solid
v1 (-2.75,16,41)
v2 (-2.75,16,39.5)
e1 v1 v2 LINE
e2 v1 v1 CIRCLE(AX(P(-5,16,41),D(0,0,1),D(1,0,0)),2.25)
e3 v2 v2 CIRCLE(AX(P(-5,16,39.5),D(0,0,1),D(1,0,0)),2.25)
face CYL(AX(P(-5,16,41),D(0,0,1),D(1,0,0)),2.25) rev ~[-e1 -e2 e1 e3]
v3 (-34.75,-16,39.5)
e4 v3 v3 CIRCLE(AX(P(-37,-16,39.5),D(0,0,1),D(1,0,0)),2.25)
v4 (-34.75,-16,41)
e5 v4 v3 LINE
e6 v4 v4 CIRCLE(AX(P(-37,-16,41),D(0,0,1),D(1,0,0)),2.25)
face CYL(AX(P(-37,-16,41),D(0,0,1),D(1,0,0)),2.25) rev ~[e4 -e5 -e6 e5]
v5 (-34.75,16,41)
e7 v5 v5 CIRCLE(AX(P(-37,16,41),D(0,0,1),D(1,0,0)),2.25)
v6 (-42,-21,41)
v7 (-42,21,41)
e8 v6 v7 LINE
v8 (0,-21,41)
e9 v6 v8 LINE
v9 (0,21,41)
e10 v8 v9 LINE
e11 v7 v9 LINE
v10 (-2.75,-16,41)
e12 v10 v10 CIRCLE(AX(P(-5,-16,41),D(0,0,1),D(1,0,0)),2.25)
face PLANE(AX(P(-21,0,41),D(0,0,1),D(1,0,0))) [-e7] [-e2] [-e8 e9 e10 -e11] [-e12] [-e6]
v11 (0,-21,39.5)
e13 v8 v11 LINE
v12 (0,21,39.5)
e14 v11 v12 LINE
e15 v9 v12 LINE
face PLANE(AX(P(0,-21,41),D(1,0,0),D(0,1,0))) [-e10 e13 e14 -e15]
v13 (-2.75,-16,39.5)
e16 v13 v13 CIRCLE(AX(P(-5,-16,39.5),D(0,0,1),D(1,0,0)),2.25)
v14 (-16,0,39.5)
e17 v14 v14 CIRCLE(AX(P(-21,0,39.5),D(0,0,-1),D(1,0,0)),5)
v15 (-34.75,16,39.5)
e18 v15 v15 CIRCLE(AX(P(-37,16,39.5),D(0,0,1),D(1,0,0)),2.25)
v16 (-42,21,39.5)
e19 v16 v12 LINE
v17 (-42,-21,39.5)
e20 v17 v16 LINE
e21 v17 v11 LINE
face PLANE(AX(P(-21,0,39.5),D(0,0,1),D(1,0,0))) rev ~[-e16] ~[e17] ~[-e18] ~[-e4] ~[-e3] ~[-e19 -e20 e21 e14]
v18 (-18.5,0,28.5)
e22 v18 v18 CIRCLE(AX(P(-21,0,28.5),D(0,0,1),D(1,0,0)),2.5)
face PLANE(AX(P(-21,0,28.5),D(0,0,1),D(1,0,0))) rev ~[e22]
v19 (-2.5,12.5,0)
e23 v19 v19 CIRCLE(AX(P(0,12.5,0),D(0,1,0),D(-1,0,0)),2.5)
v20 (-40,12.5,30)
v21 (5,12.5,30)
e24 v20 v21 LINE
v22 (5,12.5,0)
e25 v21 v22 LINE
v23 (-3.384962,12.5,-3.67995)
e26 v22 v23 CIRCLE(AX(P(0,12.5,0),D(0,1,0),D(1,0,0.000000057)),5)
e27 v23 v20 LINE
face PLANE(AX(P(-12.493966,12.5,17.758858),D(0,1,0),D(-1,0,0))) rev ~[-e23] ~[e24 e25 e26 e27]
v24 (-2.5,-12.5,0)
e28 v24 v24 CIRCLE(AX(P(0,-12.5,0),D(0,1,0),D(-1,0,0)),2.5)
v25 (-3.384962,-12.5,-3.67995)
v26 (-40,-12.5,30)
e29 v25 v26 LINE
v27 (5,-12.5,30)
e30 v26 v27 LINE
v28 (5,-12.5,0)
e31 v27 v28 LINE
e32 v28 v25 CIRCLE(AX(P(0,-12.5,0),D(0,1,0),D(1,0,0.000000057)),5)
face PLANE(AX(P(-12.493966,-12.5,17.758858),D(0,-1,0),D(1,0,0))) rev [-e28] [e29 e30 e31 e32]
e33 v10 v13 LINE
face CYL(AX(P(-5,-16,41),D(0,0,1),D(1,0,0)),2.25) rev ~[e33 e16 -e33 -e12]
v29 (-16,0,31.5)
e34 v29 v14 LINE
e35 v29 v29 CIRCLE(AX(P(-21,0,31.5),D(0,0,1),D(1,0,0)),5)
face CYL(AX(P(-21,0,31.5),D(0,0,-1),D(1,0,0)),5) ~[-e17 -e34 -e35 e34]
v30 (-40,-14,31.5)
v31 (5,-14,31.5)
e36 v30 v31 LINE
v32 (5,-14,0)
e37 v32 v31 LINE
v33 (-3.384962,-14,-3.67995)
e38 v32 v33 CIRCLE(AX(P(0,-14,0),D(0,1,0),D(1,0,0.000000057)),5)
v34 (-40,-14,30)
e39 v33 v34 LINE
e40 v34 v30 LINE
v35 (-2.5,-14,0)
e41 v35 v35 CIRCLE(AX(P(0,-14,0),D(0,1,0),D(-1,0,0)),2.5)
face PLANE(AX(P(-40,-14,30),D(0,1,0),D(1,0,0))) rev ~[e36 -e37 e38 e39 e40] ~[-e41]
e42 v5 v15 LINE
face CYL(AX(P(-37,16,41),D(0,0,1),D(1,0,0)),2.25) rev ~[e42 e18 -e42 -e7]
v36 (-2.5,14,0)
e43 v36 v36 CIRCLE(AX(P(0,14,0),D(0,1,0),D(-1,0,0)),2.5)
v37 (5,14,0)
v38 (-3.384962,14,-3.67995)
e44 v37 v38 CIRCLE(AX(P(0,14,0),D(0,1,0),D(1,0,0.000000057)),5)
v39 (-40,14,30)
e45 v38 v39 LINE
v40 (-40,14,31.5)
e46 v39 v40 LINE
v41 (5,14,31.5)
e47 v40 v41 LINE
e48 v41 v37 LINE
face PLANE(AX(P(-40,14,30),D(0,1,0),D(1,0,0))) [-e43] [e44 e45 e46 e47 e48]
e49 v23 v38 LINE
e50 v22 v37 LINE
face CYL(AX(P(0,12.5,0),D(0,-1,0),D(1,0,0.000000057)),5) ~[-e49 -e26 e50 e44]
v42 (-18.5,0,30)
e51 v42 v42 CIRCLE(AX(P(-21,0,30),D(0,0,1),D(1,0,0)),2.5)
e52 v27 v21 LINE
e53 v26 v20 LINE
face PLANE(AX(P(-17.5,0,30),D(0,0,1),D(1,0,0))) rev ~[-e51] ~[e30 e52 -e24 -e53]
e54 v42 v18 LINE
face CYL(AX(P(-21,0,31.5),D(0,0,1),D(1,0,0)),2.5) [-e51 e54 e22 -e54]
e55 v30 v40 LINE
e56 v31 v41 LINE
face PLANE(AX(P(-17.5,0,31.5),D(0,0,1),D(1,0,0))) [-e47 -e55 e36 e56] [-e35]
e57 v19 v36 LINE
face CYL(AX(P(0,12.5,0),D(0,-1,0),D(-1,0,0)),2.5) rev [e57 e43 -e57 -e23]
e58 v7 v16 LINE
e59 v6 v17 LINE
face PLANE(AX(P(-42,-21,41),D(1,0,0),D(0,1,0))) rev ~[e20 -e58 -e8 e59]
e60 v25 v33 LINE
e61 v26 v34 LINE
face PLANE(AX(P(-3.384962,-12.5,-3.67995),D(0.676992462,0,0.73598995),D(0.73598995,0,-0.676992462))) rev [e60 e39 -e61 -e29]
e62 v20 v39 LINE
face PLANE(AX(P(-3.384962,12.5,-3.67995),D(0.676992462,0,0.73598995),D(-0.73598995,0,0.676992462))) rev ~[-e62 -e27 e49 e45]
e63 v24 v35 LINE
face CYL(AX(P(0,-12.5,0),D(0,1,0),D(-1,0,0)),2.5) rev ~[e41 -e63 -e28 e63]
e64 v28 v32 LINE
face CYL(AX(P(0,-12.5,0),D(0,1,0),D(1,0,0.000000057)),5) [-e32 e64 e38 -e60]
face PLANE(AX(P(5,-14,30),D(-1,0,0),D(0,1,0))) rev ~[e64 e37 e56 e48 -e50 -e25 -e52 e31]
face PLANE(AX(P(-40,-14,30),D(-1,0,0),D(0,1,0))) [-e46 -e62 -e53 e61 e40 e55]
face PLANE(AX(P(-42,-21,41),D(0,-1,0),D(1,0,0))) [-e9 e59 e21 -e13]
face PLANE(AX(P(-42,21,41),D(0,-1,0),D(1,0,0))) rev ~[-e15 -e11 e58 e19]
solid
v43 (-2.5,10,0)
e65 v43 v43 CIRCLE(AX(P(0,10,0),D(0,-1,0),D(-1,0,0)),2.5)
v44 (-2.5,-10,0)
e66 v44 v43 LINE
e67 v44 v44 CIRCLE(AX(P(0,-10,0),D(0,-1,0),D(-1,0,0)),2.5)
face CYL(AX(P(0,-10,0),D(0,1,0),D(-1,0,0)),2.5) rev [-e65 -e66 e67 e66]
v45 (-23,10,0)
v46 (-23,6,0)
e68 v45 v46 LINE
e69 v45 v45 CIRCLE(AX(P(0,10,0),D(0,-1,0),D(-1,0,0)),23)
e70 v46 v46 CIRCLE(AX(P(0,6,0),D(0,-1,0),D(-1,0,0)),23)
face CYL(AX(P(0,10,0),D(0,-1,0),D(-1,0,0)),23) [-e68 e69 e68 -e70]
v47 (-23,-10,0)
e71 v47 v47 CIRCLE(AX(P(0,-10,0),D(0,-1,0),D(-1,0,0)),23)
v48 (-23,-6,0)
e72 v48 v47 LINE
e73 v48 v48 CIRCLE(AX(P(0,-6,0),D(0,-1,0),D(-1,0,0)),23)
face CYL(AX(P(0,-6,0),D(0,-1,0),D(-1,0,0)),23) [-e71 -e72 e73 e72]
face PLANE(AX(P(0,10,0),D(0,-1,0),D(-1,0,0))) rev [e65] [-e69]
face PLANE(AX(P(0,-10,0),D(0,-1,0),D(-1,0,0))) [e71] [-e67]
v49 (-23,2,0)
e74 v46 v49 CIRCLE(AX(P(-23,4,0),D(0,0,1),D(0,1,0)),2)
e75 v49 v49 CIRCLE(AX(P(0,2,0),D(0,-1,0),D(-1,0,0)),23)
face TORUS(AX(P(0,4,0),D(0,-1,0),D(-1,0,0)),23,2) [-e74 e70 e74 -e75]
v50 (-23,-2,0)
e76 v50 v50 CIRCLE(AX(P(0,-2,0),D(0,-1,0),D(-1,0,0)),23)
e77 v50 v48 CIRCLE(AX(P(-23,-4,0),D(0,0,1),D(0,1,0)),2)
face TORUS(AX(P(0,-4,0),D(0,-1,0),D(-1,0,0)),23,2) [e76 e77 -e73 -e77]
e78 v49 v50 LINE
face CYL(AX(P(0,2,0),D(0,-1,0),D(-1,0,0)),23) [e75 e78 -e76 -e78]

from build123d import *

# Parameters (mm, degrees)
F3_R      = 2.5
F4_DEPTH  = 1.5
F6_W      = 45
F6_H      = 28
F7_DEPTH  = 1.5
F8_R      = 2.5
F9_DEPTH  = 1.5
F10_R     = 2.5
F11_DEPTH = 3
F12_R     = 5
F13_DEPTH = 9.5
F14_W     = 42
F14_H     = 42
F14_R     = 2.25
F15_DEPTH = 1.5


with BuildPart() as f1:
    # F0 (on Top) → F1 (revolve)
    with BuildSketch(Plane.XY):
        with BuildLine():
            Line((-2.5, 10), (-23, 10))
            Line((-23, 10), (-23, 6))
            ThreePointArc((-23, 6), (-25, 4), (-23, 2))
            Line((-23, 2), (-23, -2))
            ThreePointArc((-23, -2), (-25, -4), (-23, -6))
            Line((-23, -6), (-23, -10))
            Line((-23, -10), (-2.5, -10))
            Line((-2.5, -10), (-2.5, 10))
        make_face()
    revolve(axis=Axis((0, 0, 0), (0, -1, 0)))


with BuildPart() as f4:
    # F3 (on offset) → F4 (new body)
    with BuildSketch(Plane(origin=(0, 12.5, 0), x_dir=(-1, 0, 0), z_dir=(0, 1, 0))):
        with BuildLine():
            Line((-5, 30), (-5, 0))
            ThreePointArc((-5, 0), (-2.009377, -4.578472), (3.384962, -3.67995))
            Line((3.384962, -3.67995), (40, 30))
            Line((40, 30), (-5, 30))
        make_face()
        Circle(F3_R, mode=Mode.SUBTRACT)
    extrude(amount=F4_DEPTH)



with BuildPart() as f5_1:
    # F5: instance of F4
    add(f4.part.mirror(Plane.XZ))


with BuildPart() as f4_1:
    add(f4.part)

    add(f5_1.part)  # F7 merges F5_1
    # F6 (on face) → F7 (join)
    with BuildSketch(Plane.XY.offset(30)):
        with Locations((-17.5, 0)):
            Rectangle(F6_W, F6_H)
    extrude(amount=F7_DEPTH)

    # F8 (on face) → F9 (cut)
    with BuildSketch(Plane.XY.offset(31.5)):
        with Locations((-21, 0)):
            Circle(F8_R)
    extrude(amount=-F9_DEPTH, mode=Mode.SUBTRACT)



with BuildPart() as f11:
    # F10 (on face) → F11 (new body)
    with BuildSketch(Plane.XY.offset(31.5)):
        with Locations((-21, 0)):
            Circle(F10_R)
    extrude(amount=-F11_DEPTH)


with BuildPart() as f4_2:
    add(f4_1.part)

    add(f11.part)  # F13 merges F11
    # F12 (on face) → F13 (join)
    with BuildSketch(Plane.XY.offset(31.5)):
        with Locations((-21, 0)):
            Circle(F12_R)
    extrude(amount=F13_DEPTH)

    # F14 (on face) → F15 (join)
    with BuildSketch(Plane.XY.offset(41)):
        with Locations((-21, 0)):
            Rectangle(F14_W, F14_H)
        with Locations((-37, -16)):
            Circle(F14_R, mode=Mode.SUBTRACT)
        with Locations((-5, -16)):
            Circle(F14_R, mode=Mode.SUBTRACT)
        with Locations((-37, 16)):
            Circle(F14_R, mode=Mode.SUBTRACT)
        with Locations((-5, 16)):
            Circle(F14_R, mode=Mode.SUBTRACT)
    extrude(amount=-F15_DEPTH)


solid = Compound([f1.part, f4_2.part])
